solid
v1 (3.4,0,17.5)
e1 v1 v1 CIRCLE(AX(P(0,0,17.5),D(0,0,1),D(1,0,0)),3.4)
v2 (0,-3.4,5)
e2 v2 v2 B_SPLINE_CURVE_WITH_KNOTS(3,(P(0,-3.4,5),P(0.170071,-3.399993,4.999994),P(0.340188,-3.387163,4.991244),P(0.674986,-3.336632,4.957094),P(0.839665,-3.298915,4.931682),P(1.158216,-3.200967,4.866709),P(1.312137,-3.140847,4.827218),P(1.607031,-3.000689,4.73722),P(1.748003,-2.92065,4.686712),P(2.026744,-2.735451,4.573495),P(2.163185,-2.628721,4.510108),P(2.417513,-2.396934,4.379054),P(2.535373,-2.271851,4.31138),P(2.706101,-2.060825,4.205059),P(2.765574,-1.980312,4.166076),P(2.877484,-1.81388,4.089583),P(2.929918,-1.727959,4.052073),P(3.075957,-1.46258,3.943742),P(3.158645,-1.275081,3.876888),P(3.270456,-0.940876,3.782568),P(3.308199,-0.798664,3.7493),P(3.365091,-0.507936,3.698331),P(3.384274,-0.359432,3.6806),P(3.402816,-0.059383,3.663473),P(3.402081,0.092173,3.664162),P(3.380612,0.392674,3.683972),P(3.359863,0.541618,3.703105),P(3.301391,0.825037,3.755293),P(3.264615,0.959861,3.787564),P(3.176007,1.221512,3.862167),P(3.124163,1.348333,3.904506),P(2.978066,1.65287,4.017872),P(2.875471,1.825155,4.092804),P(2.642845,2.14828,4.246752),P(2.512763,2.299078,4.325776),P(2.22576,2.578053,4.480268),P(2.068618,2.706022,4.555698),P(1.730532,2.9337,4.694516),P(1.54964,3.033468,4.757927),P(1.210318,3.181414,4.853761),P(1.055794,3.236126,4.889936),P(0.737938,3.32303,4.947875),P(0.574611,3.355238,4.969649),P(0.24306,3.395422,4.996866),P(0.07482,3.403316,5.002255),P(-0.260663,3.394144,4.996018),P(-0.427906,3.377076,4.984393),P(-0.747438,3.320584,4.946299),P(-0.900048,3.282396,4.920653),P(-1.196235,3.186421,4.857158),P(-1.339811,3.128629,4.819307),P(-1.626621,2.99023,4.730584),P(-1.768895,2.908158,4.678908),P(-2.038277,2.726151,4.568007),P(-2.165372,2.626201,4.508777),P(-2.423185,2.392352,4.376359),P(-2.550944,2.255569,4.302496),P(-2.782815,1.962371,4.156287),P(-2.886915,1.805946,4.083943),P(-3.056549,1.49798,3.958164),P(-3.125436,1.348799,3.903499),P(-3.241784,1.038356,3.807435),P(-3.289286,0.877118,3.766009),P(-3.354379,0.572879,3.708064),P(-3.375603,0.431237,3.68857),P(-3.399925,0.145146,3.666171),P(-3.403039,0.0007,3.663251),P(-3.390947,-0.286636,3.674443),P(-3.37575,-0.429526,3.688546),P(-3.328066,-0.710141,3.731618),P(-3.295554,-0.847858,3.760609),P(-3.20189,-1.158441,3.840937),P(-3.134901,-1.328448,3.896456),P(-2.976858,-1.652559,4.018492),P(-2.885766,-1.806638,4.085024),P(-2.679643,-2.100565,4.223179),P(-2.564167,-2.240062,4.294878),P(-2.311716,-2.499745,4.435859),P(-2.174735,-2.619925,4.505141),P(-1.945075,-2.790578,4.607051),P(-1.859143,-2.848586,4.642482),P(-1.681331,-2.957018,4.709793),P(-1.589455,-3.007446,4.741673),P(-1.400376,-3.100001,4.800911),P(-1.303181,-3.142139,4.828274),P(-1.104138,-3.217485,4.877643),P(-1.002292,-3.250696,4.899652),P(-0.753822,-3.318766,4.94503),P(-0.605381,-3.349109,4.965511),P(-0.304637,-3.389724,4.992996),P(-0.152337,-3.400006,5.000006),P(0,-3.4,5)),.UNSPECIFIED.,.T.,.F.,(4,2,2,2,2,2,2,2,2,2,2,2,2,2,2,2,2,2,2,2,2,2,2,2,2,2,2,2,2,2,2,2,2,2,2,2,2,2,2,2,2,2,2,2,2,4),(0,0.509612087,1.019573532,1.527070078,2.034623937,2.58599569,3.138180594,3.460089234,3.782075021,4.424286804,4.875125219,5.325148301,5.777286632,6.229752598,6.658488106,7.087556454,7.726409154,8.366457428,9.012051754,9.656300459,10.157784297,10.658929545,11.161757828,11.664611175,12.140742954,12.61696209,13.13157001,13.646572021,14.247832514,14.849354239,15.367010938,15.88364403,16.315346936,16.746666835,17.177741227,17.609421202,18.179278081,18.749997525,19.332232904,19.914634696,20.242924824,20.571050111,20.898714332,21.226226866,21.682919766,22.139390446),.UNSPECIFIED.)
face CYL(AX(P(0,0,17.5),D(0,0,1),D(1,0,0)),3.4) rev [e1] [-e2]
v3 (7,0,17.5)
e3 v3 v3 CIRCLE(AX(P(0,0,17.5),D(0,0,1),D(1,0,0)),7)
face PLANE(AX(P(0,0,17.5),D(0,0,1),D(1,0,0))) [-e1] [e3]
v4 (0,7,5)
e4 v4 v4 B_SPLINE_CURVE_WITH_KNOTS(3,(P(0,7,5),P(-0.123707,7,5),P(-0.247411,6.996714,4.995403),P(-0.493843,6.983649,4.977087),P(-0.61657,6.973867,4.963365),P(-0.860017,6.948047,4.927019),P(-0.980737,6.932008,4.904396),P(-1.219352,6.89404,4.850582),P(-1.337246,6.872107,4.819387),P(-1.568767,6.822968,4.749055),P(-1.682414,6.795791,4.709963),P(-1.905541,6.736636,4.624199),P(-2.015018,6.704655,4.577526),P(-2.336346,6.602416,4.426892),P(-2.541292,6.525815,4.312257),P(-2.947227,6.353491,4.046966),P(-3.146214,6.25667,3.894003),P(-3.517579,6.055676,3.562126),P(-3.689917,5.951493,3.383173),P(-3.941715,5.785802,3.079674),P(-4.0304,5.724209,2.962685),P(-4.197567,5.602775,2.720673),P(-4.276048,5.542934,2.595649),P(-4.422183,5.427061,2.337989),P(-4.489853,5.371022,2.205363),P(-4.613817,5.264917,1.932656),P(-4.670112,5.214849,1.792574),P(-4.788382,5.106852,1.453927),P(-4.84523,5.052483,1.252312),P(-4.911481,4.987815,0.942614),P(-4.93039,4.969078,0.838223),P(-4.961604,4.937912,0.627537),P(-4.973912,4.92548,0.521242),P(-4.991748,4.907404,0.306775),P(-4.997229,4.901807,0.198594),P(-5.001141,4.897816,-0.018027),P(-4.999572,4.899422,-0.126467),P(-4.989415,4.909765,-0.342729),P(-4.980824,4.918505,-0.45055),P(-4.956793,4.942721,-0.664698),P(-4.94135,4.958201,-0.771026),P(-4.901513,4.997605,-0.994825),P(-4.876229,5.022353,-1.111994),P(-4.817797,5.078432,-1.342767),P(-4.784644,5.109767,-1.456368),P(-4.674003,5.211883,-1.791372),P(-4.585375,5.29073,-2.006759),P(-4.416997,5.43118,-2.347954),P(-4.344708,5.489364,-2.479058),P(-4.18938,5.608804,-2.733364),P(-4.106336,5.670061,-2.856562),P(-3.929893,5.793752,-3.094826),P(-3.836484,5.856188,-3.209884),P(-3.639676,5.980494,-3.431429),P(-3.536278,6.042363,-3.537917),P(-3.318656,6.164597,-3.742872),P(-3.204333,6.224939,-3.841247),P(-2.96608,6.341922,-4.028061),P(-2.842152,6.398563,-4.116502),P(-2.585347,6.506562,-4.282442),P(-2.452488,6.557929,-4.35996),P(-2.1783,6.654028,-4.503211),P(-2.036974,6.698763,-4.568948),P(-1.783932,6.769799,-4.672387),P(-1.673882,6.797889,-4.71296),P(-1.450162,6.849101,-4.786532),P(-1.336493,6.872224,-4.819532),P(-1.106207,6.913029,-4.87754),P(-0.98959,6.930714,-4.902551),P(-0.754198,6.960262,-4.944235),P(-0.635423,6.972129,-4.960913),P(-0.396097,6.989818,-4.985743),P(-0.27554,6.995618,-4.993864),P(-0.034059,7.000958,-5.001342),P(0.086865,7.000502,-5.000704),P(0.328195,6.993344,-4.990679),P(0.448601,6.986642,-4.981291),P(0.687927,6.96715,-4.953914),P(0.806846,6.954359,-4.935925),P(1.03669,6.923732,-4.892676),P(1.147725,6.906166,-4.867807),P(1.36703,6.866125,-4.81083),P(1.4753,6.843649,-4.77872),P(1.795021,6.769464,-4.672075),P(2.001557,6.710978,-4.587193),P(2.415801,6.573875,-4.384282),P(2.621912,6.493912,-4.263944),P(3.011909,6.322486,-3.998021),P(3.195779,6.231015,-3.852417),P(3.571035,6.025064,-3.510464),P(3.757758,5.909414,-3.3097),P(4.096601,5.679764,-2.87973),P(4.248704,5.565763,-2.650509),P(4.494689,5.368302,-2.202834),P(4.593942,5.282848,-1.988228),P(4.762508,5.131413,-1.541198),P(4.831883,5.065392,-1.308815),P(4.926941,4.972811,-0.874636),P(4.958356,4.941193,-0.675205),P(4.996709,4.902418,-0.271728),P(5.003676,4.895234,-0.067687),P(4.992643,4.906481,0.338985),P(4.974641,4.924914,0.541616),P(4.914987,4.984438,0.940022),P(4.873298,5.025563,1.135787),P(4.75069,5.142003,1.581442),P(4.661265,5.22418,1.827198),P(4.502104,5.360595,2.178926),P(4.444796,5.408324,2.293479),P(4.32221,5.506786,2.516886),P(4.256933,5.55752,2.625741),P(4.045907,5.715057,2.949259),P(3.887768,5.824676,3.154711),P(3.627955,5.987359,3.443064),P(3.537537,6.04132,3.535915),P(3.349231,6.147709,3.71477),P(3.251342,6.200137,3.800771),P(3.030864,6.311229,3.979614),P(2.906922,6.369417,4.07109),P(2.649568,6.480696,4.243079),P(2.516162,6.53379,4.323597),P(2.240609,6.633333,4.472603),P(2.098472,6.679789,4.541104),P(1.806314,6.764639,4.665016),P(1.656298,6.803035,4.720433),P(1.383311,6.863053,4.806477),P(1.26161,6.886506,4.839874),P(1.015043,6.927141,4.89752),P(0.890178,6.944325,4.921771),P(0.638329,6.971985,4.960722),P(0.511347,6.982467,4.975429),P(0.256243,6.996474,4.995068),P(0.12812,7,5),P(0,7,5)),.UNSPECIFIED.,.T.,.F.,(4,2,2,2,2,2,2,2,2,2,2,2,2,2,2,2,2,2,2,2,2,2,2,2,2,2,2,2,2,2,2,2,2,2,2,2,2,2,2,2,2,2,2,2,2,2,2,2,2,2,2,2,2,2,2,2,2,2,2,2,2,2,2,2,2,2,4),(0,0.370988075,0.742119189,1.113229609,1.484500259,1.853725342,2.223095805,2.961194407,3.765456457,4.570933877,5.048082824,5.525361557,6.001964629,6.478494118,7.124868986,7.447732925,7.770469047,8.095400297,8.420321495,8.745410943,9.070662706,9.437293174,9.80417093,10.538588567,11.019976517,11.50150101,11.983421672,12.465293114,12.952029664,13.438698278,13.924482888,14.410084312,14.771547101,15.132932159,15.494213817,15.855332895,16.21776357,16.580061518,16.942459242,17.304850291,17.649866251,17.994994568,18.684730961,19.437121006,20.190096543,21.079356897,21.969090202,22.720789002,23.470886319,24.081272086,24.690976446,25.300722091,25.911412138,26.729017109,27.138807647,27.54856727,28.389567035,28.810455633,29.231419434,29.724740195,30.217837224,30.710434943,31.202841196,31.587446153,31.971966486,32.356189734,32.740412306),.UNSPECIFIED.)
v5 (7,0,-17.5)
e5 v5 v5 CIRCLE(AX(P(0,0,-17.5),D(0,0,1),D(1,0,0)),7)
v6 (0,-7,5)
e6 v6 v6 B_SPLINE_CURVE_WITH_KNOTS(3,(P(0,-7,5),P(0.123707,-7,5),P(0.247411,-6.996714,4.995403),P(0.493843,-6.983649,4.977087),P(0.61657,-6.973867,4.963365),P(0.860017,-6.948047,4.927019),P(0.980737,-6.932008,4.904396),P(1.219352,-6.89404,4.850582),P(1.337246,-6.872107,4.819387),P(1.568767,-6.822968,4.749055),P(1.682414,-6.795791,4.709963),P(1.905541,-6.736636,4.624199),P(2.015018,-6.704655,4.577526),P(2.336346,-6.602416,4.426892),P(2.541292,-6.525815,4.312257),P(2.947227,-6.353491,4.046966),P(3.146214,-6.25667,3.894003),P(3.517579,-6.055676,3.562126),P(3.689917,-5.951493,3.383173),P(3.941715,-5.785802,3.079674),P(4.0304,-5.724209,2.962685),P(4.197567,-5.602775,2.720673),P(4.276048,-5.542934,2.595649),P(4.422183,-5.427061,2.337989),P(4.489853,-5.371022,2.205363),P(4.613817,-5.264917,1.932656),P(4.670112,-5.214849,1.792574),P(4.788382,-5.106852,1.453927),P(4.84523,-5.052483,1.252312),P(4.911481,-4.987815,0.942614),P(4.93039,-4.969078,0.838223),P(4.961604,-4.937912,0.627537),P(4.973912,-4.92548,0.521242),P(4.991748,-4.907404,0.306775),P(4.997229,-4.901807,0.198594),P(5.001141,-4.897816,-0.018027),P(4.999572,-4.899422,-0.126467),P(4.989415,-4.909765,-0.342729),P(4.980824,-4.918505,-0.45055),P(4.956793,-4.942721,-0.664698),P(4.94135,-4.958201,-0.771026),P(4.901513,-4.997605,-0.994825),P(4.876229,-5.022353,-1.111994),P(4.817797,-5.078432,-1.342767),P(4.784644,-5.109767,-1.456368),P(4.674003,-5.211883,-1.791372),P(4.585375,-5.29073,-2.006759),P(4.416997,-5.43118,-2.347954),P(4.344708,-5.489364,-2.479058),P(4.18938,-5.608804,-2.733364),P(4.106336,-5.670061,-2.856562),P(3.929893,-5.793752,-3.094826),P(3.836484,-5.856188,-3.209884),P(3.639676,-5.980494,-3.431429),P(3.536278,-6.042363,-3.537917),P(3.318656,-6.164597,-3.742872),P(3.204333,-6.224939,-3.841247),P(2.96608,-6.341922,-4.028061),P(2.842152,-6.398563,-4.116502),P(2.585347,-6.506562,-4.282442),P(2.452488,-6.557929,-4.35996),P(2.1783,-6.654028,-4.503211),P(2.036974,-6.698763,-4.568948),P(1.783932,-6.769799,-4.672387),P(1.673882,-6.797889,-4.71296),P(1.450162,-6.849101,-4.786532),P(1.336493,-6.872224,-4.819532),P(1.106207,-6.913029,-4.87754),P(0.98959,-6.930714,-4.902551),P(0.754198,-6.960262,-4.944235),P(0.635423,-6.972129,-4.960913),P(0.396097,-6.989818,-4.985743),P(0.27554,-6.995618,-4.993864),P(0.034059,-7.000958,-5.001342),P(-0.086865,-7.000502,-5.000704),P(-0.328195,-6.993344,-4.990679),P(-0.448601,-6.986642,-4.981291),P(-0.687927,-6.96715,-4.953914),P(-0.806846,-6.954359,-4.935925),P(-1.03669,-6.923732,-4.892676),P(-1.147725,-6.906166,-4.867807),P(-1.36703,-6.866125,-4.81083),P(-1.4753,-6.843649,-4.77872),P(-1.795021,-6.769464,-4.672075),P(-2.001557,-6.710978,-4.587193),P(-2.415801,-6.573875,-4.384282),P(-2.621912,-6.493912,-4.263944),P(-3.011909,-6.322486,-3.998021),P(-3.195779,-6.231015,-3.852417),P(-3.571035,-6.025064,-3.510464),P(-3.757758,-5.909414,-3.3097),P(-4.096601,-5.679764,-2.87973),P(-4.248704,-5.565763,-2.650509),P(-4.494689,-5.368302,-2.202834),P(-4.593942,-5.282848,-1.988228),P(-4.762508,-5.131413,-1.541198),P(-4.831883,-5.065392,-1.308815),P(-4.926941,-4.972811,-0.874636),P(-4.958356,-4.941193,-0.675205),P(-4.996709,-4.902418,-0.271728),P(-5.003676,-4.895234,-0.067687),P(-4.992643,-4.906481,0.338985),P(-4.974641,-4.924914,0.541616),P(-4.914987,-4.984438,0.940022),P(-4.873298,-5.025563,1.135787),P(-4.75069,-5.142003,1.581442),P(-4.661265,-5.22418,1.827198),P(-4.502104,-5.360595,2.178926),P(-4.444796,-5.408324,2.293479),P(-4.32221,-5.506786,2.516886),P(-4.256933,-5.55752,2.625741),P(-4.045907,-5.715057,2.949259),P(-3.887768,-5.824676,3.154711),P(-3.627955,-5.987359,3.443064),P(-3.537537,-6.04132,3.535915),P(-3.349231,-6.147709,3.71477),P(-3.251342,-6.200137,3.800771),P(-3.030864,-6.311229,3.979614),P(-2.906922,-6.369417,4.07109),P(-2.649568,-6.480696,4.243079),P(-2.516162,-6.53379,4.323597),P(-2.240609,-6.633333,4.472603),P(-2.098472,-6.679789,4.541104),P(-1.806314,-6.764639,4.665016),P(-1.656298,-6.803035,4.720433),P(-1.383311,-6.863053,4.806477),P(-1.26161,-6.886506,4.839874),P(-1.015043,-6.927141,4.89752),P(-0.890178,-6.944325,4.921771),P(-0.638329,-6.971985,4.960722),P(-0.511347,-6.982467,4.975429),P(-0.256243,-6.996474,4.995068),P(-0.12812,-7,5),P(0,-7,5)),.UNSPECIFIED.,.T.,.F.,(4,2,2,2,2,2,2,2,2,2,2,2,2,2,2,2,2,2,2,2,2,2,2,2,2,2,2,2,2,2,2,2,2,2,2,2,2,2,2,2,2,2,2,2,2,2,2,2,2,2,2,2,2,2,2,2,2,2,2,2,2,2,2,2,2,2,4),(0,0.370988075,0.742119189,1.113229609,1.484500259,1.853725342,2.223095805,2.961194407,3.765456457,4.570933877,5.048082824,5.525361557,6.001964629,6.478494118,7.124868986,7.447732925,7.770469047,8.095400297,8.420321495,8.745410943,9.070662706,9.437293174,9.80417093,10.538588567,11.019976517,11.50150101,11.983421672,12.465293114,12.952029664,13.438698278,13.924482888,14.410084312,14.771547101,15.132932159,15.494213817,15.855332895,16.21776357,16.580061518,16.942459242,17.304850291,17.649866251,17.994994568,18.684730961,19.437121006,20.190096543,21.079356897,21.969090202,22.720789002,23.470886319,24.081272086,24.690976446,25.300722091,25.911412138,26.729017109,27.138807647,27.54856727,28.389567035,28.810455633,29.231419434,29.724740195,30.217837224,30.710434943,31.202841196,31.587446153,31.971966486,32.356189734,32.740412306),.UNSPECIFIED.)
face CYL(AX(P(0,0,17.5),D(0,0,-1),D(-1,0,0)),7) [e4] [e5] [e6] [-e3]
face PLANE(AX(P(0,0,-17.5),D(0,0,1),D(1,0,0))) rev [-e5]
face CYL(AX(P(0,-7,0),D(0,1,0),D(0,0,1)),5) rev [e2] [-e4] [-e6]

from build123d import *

# Parameters (mm, degrees)
ESQUISSE1_R                  = 7
BOSS_EXTRU_1_DEPTH           = 17.5
ENL_V_MAT_EXTRU_1_DEPTH      = 21.105969263
ENL_V_MAT_EXTRU_1_DEPTH_BACK = 21.105969263
ESQUISSE2_R                  = 5
TROU_TARAUD_M81_D            = 6.8
TROU_TARAUD_M81_DEPTH        = 20
TROU_TARAUD_M81_TIP          = 2.042926105


with BuildPart() as part:
    # Esquisse1 → Boss.-Extru.1 (new, symmetric)
    with BuildSketch(Plane.XY):
        Circle(ESQUISSE1_R)
    extrude(amount=BOSS_EXTRU_1_DEPTH, both=True)

    # Esquisse2 → Enlèv. mat.-Extru.1 (cut, two sides: drawn at the far end of the back side and taken through both)
    with BuildSketch(Plane(origin=(0, 0, 0), x_dir=(1, 0, 0), z_dir=(0, 1, 0)).offset(-ENL_V_MAT_EXTRU_1_DEPTH_BACK)):
        with Locations(Location((0, 0, 0), (0, 0, 270))):
            Circle(ESQUISSE2_R)
    extrude(amount=ENL_V_MAT_EXTRU_1_DEPTH + ENL_V_MAT_EXTRU_1_DEPTH_BACK, mode=Mode.SUBTRACT)

    # Trou taraudé M81
    with Locations(Plane.XY.offset(17.5)):
        with Locations((0, 0)):
            Hole(TROU_TARAUD_M81_D / 2, depth=TROU_TARAUD_M81_DEPTH)
            with Locations((0, 0, -(TROU_TARAUD_M81_DEPTH + TROU_TARAUD_M81_TIP / 2))):  # 118° drill point
                Cone(0, TROU_TARAUD_M81_D / 2, TROU_TARAUD_M81_TIP, mode=Mode.SUBTRACT)


solid = part.part
